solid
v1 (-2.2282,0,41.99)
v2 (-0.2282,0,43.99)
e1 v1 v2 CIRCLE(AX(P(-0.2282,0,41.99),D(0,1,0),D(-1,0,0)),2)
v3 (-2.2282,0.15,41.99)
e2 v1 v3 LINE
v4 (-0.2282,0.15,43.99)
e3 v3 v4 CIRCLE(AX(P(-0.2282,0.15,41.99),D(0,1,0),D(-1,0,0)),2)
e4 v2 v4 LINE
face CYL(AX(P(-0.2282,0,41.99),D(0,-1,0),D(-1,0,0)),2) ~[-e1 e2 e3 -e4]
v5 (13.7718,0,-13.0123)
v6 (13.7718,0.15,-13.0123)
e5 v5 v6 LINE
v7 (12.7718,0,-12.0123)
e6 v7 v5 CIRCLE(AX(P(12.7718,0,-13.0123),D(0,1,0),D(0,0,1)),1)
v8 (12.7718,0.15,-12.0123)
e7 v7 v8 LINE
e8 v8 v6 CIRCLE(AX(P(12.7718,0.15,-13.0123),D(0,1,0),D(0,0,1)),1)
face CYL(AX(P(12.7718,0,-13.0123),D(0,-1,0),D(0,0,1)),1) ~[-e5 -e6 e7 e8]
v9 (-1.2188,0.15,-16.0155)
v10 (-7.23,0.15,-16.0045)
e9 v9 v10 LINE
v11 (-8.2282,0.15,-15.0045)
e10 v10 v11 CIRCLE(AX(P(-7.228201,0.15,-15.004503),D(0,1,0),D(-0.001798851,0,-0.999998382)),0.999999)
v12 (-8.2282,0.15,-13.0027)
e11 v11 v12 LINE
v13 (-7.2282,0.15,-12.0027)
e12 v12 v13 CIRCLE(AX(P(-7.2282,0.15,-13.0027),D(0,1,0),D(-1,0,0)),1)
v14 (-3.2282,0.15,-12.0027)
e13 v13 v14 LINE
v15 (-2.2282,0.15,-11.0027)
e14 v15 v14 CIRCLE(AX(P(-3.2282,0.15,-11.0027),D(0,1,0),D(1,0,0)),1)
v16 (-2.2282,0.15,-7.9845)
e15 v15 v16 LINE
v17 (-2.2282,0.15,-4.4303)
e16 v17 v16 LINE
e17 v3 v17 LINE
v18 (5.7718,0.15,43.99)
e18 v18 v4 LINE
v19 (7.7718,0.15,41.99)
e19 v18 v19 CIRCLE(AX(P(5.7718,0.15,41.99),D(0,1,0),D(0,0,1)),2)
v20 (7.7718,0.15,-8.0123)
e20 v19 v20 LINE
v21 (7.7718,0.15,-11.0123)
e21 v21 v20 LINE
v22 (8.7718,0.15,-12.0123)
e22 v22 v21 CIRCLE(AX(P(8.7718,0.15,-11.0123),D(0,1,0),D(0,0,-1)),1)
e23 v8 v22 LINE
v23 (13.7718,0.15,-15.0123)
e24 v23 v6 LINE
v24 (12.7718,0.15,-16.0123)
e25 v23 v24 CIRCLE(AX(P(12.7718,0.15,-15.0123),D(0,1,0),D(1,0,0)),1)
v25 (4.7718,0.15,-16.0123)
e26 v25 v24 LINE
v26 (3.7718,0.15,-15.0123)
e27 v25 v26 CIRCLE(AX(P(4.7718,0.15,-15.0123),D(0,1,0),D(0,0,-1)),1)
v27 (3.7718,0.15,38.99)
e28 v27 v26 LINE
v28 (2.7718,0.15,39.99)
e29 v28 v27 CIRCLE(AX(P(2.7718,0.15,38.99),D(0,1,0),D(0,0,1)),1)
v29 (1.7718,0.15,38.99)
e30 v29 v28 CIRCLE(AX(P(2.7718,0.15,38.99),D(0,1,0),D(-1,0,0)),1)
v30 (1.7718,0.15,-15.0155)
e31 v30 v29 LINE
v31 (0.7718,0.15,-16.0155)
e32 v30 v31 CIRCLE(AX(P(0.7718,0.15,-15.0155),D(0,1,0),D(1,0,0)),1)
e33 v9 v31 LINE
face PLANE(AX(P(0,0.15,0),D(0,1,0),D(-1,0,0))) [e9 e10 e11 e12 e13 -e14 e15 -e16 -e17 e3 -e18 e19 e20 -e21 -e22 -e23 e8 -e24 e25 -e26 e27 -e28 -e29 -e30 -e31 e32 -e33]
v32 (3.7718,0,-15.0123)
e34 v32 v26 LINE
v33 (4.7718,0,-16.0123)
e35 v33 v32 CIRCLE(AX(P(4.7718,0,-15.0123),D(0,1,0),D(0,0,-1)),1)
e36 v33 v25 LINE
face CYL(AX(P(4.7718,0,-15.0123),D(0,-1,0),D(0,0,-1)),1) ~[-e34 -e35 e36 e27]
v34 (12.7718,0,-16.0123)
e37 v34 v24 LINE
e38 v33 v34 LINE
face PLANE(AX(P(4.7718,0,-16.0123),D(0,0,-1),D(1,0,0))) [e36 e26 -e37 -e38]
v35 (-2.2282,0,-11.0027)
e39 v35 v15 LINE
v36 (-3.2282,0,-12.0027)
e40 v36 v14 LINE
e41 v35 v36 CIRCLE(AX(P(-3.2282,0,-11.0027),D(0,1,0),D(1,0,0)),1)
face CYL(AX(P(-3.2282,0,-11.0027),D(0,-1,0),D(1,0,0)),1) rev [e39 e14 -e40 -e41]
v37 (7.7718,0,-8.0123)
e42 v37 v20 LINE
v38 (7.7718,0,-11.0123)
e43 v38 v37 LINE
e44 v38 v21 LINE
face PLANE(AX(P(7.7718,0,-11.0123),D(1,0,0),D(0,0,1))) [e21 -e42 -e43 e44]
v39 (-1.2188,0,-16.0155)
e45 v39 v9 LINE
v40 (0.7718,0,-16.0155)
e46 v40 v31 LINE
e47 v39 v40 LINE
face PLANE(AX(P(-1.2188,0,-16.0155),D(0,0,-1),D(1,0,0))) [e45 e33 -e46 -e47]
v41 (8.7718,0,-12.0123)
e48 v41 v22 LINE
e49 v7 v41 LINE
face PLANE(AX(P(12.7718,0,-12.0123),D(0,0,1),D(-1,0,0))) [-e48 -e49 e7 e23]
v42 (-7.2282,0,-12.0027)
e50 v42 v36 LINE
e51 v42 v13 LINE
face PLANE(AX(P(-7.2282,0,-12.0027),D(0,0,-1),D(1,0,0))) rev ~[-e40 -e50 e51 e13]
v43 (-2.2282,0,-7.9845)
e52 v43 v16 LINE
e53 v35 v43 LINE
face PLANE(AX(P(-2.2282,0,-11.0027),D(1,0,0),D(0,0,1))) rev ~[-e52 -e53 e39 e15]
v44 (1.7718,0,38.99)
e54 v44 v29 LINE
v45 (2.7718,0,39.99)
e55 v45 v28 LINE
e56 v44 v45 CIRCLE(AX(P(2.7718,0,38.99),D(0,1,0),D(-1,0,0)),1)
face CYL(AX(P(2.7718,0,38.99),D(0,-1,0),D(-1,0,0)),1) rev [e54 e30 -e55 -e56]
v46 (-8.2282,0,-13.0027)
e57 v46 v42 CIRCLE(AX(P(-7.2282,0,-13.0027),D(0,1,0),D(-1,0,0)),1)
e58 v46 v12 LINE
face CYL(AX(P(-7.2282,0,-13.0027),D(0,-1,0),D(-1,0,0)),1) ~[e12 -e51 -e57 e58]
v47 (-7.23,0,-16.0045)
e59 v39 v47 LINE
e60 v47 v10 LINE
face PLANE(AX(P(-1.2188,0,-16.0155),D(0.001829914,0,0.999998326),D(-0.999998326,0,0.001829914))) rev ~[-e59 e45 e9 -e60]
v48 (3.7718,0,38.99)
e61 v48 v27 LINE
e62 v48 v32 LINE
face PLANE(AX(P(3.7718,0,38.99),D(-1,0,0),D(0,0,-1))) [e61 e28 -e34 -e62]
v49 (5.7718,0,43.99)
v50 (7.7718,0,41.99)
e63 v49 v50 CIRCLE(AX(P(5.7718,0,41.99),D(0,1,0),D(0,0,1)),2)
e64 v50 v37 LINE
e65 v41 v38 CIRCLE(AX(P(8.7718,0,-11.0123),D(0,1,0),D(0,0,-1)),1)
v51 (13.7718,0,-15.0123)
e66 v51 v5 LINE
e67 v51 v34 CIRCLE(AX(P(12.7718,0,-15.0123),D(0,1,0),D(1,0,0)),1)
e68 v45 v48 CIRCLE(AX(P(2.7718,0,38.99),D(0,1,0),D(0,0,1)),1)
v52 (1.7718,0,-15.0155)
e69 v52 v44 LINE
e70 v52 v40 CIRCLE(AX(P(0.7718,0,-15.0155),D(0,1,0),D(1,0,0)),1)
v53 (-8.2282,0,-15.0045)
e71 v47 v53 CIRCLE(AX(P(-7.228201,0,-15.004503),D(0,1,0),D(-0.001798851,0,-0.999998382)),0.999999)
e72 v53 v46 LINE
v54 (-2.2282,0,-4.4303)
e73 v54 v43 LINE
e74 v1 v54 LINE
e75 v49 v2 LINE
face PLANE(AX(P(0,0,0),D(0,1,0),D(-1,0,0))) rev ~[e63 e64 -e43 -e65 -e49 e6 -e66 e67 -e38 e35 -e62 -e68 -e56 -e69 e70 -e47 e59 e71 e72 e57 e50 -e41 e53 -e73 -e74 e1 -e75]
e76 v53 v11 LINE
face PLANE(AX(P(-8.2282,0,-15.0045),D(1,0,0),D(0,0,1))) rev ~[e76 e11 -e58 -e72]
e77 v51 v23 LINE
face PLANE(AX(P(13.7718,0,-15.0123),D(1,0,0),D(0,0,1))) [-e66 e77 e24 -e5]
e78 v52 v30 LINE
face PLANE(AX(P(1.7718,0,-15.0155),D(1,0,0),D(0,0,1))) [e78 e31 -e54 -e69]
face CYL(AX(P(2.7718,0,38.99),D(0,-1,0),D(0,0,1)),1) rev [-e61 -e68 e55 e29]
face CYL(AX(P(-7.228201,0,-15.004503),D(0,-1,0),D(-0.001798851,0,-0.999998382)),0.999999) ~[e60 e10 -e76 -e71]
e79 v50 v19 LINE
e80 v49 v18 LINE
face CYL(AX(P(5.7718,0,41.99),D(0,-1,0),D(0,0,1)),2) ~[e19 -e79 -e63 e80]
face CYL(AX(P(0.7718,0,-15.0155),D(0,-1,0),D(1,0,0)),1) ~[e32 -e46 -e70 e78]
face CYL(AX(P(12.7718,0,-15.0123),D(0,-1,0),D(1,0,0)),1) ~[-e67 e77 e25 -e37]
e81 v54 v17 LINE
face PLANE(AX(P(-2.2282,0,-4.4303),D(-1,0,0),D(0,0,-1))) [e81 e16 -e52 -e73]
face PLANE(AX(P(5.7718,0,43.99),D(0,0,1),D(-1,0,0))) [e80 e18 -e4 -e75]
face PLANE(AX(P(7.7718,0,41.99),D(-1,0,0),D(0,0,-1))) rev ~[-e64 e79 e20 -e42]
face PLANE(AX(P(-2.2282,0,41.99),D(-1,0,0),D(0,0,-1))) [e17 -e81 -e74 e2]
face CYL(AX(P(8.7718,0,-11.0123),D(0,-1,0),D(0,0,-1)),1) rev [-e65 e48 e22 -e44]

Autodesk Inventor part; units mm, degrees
ref_plane "YZ Plane" through (0, 0, 0) normal (1, 0, 0) x (0, 1, 0)
ref_plane "XZ Plane" through (0, 0, 0) normal (0, 1, 0) x (-1, 0, 0)
ref_plane "XY Plane" through (0, 0, 0) normal (0, 0, 1) x (1, 0, 0)
sketch "Sketch1" plane through (0, 0, 0) normal (0, 1, 0) x (-1, 0, 0)
  line L0 (1.2188, -16.0155) -> (-0.7718, -16.0155)
  line L1 (-4.7718, -16.0123) -> (-12.7718, -16.0123)
  line L2 (1.2188, -16.0155) -> (7.23, -16.0045)
  line L3 (-3.7718, 38.99) -> (-3.7718, -15.0123)
  line L4 (-1.7718, -15.0155) -> (-1.7718, 38.99)
  line L5 (-2.7718, 39.99) -> (-2.7718, 39.99)
  line L6 (-7.7718, 41.99) -> (-7.7718, -8.0123)
  line L7 (-5.7718, 43.99) -> (0.2282, 43.99)
  line L8 (2.2282, 41.99) -> (2.2282, -7.9845)
  arc A0 (-5.7718, 43.99) -> (-7.7718, 41.99) centre (-5.7718, 41.99) ccw
  arc A1 (2.2282, 41.99) -> (0.2282, 43.99) centre (0.2282, 41.99) ccw
  line L9 (8.2282, -15.0045) -> (8.2282, -13.0027)
  line L10 (7.2282, -12.0027) -> (3.2282, -12.0027)
  line L11 (2.2282, -11.0027) -> (2.2282, -4.4303)
  line L12 (-13.7718, -15.0123) -> (-13.7718, -13.0123)
  line L13 (-12.7718, -12.0123) -> (-8.7718, -12.0123)
  line L14 (-7.7718, -11.0123) -> (-7.7718, -8.0123)
  arc A2 (-8.7718, -12.0123) -> (-7.7718, -11.0123) centre (-8.7718, -11.0123) ccw
  arc A3 (-12.7718, -12.0123) -> (-13.7718, -13.0123) centre (-12.7718, -13.0123) ccw
  arc A4 (-13.7718, -15.0123) -> (-12.7718, -16.0123) centre (-12.7718, -15.0123) ccw
  arc A5 (-4.7718, -16.0123) -> (-3.7718, -15.0123) centre (-4.7718, -15.0123) ccw
  arc A6 (-1.7718, -15.0155) -> (-0.7718, -16.0155) centre (-0.7718, -15.0155) ccw
  arc A7 (7.23, -16.0045) -> (8.2282, -15.0045) centre (7.2282, -15.0045) ccw
  arc A8 (8.2282, -13.0027) -> (7.2282, -12.0027) centre (7.2282, -13.0027) ccw
  arc A9 (2.2282, -11.0027) -> (3.2282, -12.0027) centre (3.2282, -11.0027) ccw
  arc A10 (-2.7718, 39.99) -> (-3.7718, 38.99) centre (-2.7718, 38.99) ccw
  arc A11 (-1.7718, 38.99) -> (-2.7718, 39.99) centre (-2.7718, 38.99) ccw
  point P0 (0, 0)
  point P1 (1.9085, 4.4205)
  point P2 (-1.7718, -16.0155)
  point P3 (4.2244, -16.01)
  point P4 (-13.7718, -16.0123)
  point P5 (8.2282, -16.0027)
  point P6 (-2.7718, 39.99)
  point P7 (-2.7718, 43.99)
  point P8 (8.2282, -12.0027)
  point P9 (-13.7718, -12.0123)
  point P10 (-2.7718, 39.99)
  dimension "d0" = 10
  dimension "d1" = 4
  dimension "d2" = 4
  dimension "d3" = 2
  dimension "d4" = 4
  dimension "d5" = 60
  dimension "d6" = 2
  dimension "d7" = 4
  dimension "d8" = 4
  dimension "d9" = 1
  dimension "d10" = 1
extrude "Extrusion1" add sketch "Sketch1" along normal blind 0.15
properties part number "Medio"
